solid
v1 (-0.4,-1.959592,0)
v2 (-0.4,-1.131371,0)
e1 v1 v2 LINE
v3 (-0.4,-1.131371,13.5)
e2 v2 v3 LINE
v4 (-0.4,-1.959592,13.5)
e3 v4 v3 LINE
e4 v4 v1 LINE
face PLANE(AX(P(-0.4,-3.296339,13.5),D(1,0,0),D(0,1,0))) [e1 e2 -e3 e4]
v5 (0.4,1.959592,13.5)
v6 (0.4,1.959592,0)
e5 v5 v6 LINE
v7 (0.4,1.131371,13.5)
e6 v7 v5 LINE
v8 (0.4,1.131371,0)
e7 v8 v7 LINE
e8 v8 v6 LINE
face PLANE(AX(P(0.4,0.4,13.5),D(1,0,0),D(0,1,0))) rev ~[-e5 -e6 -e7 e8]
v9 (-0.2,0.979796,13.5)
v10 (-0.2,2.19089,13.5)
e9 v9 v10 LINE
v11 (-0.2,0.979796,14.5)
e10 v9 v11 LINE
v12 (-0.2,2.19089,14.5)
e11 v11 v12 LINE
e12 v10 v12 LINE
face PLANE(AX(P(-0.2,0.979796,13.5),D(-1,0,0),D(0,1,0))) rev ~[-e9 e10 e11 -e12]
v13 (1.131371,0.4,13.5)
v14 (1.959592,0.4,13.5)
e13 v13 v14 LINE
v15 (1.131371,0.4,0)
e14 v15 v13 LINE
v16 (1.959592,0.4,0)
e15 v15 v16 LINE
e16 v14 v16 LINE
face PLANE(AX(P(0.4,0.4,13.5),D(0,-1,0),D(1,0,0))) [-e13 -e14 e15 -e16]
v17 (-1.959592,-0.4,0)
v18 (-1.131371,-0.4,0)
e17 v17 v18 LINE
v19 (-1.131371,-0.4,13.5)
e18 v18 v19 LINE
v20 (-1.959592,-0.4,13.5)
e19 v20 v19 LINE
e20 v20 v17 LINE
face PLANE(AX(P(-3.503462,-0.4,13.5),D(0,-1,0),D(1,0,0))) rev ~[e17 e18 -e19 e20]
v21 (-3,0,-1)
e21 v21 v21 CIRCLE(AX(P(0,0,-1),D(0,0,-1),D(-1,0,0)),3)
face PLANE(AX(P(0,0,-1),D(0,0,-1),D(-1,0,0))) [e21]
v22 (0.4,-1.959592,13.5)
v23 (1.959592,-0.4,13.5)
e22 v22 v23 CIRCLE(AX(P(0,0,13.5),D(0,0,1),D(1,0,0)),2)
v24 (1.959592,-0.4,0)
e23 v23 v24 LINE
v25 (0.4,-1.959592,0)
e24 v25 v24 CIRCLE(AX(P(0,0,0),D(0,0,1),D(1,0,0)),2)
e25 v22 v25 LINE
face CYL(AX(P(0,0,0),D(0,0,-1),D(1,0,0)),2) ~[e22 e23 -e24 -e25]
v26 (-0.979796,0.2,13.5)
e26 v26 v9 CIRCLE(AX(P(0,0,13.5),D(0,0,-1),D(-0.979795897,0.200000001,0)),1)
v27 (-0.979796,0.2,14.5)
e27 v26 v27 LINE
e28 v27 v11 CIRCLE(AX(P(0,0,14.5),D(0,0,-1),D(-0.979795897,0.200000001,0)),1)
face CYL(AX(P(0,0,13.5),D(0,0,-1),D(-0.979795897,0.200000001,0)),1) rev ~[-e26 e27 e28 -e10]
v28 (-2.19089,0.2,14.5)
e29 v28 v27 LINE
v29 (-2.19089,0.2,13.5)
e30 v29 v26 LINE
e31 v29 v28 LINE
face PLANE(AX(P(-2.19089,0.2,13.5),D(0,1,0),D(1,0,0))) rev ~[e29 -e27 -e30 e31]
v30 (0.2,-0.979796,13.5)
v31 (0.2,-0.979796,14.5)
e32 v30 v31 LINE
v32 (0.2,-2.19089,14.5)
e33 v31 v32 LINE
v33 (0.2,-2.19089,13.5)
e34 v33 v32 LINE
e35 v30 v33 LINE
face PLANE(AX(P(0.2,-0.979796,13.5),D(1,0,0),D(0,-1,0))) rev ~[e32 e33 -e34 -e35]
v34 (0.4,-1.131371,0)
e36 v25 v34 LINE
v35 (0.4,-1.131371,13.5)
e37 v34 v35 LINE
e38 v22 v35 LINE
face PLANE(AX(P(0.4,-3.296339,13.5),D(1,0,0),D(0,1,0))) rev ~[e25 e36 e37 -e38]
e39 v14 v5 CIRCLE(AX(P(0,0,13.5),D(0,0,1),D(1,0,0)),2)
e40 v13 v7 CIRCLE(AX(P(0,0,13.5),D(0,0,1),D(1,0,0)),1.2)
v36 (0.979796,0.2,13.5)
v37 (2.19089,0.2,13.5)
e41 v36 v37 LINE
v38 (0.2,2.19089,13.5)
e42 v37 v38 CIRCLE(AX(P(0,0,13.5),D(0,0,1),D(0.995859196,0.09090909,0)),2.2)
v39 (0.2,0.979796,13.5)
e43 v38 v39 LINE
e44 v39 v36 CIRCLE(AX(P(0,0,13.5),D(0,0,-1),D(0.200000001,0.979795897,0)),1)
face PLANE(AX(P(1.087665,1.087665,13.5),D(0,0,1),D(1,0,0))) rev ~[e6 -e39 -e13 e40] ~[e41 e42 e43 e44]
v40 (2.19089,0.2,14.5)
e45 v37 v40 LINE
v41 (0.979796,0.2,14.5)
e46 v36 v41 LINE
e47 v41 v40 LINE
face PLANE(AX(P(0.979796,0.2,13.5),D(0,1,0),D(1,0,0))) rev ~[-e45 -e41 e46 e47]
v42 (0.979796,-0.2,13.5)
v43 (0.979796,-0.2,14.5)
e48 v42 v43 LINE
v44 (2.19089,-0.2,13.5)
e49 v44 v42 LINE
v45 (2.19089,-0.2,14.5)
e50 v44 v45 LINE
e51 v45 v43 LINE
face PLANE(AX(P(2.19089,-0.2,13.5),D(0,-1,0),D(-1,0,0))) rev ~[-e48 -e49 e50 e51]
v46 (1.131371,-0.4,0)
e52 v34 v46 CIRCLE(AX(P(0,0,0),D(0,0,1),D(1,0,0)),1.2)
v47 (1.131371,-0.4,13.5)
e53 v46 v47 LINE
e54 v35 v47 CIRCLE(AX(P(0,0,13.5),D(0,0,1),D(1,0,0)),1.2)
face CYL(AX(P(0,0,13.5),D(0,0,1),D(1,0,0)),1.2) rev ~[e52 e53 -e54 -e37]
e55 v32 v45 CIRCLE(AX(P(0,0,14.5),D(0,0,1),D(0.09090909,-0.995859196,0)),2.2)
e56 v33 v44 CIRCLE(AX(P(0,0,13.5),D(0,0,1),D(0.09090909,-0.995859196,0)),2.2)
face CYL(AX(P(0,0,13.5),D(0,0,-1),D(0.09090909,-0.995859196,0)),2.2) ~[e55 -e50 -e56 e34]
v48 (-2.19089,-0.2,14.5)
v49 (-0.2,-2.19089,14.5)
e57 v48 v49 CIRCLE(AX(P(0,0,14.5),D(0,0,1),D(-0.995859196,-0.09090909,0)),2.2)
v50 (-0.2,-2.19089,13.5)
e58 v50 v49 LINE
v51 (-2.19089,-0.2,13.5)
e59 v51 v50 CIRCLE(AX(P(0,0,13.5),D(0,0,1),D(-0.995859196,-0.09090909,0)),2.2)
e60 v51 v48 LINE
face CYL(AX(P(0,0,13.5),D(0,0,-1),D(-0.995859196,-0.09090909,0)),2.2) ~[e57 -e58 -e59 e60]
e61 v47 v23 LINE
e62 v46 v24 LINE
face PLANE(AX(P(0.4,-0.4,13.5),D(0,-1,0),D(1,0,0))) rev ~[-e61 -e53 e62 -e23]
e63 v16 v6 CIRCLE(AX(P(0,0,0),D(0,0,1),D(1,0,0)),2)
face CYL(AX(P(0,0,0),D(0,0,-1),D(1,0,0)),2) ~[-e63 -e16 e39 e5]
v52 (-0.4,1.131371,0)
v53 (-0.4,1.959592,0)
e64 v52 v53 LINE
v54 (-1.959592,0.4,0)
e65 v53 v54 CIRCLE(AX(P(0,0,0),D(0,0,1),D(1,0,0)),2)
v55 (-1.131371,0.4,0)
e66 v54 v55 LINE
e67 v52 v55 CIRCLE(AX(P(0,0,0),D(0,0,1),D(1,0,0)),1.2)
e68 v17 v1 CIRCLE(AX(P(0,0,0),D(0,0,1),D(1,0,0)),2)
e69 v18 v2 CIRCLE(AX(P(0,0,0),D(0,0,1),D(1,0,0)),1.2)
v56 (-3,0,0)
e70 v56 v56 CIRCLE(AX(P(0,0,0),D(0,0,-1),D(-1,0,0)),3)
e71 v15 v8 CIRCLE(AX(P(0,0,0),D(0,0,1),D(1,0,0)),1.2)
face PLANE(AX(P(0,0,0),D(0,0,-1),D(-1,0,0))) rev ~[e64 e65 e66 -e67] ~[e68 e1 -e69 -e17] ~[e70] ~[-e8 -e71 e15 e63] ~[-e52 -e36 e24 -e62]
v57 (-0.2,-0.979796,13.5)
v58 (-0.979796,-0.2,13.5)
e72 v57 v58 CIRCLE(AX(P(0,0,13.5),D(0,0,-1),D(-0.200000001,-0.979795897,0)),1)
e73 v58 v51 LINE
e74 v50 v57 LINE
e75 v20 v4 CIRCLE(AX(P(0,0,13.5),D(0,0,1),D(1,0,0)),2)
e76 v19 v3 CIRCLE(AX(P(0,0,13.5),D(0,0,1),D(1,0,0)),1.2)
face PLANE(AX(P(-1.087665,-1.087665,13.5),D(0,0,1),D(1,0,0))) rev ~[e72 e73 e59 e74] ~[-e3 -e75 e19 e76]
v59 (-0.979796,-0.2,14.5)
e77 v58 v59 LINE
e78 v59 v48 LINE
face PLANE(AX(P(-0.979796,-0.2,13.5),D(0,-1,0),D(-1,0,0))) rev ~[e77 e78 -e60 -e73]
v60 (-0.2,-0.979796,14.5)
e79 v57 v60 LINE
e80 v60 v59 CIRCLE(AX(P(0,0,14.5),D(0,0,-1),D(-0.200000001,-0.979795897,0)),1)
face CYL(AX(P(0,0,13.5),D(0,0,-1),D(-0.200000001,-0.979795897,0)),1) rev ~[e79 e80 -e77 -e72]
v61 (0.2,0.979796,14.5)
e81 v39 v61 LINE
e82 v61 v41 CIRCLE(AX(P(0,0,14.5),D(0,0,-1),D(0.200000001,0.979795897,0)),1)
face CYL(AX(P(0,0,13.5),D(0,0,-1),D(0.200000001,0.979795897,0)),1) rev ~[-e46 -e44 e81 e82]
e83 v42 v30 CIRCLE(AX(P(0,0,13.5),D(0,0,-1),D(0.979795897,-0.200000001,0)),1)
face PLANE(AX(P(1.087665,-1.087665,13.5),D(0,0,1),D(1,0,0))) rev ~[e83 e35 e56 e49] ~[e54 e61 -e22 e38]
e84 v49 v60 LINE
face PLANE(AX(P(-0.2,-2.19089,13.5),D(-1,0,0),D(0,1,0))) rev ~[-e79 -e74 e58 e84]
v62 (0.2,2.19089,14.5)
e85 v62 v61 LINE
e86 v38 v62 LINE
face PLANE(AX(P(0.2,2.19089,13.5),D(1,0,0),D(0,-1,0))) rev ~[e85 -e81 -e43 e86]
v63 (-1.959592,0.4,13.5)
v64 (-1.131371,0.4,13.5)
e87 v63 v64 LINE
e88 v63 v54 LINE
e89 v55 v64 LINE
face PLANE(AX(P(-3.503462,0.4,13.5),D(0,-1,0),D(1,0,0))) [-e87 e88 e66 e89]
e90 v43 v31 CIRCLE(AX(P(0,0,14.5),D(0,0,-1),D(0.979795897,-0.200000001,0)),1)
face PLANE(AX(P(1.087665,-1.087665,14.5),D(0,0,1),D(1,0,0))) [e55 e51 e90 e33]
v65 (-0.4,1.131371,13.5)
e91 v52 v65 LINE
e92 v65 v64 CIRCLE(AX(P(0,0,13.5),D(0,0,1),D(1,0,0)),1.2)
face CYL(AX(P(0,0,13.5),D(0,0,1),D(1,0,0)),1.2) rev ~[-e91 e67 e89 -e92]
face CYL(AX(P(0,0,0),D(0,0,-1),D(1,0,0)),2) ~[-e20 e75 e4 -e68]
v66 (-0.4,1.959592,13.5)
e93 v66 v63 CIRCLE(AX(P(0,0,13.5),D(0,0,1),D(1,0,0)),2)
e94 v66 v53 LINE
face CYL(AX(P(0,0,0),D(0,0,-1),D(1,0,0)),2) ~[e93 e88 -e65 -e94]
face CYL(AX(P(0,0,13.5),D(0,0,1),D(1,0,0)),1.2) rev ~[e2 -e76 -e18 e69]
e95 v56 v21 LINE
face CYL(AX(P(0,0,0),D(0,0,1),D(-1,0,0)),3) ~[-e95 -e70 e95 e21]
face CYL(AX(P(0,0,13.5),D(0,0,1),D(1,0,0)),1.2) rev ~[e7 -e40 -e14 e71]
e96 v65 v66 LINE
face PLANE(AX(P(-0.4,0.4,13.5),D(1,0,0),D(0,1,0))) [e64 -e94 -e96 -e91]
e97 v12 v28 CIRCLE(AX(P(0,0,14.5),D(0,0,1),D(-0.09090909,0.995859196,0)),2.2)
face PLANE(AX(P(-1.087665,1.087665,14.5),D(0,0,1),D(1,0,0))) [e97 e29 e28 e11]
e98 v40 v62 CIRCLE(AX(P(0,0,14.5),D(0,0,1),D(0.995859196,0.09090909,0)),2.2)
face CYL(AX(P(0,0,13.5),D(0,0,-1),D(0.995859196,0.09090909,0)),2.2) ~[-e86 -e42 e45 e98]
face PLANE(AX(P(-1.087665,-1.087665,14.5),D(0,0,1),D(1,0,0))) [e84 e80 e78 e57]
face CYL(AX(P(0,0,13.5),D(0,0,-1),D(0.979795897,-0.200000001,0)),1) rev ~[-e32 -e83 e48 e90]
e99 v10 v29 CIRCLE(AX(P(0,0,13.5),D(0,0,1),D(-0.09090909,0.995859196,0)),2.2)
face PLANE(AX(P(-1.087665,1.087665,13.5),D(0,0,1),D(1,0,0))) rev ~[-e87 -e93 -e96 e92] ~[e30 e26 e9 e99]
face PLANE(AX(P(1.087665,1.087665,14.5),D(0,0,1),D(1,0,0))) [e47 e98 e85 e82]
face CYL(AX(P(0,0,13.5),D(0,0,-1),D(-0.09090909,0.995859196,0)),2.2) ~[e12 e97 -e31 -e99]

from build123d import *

# Parameters (mm, degrees)
SKETCH1_R           = 2
BOSS_EXTRUDE1_DEPTH = 13.5
SKETCH2_R           = 1.2
CUT_EXTRUDE1_DEPTH  = 14.793114224
SKETCH3_W           = 0.8
SKETCH3_H           = 6.59267807
SKETCH3_W_2         = 7.006923124
SKETCH3_H_2         = 0.8
CUT_EXTRUDE3_DEPTH  = 14.793114224
BOSS_EXTRUDE2_DEPTH = 1
SKETCH5_R           = 3
BOSS_EXTRUDE3_DEPTH = 1


with BuildPart() as part:
    # Sketch1 → Boss-Extrude1 (new body)
    with BuildSketch(Plane.XY):
        Circle(SKETCH1_R)
    extrude(amount=BOSS_EXTRUDE1_DEPTH)

    # Sketch2 → Cut-Extrude1 (cut, through all)
    with BuildSketch(Plane.XY.offset(13.5)):
        Circle(SKETCH2_R)
    extrude(amount=-CUT_EXTRUDE1_DEPTH, mode=Mode.SUBTRACT)

    # Sketch3 → Cut-Extrude3 (cut, through all)
    with BuildSketch(Plane.XY.offset(13.5)):
        Rectangle(SKETCH3_W, SKETCH3_H)
        Rectangle(SKETCH3_W_2, SKETCH3_H_2)
    extrude(amount=-CUT_EXTRUDE3_DEPTH, mode=Mode.SUBTRACT)


with BuildPart() as cut_extrude3_piece_1:
    # of the separate pieces the step leaves, piece 1, a body of its own (cut_extrude3_pieces)
    add(part.part.solids().sort_by_distance((1.959591794, 0.4, 0))[0])



with BuildPart() as cut_extrude3_piece_2:
    # of the separate pieces the step leaves, piece 2, a body of its own (cut_extrude3_pieces)
    add(part.part.solids().sort_by_distance((0.4, -1.959591794, 0))[0])


with BuildPart() as cut_extrude3_piece_3:
    # of the separate pieces the step leaves, piece 3, a body of its own (cut_extrude3_pieces)
    add(part.part.solids().sort_by_distance((-1.959591794, -0.4, 0))[0])


with BuildPart() as cut_extrude3_piece_4:
    # of the separate pieces the step leaves, piece 4, a body of its own (cut_extrude3_pieces)
    add(part.part.solids().sort_by_distance((-0.4, 1.959591794, 0))[0])


with BuildPart() as cut_extrude3_piece_1_1:
    add(cut_extrude3_piece_1.part)

    add(cut_extrude3_piece_2.part)  # Boss-Extrude2 merges Cut-Extrude3 piece 2

    add(cut_extrude3_piece_3.part)  # Boss-Extrude2 merges Cut-Extrude3 piece 3

    add(cut_extrude3_piece_4.part)  # Boss-Extrude2 merges Cut-Extrude3 piece 4
    # Sketch4 → Boss-Extrude2 (add)
    with BuildSketch(Plane.XY.offset(13.5)):
        with BuildLine():
            Line((-2.19089023, 0.2), (-0.979795897, 0.2))
            ThreePointArc((-0.979795897, 0.2), (-0.707106781, 0.707106781), (-0.2, 0.979795897))
            Line((-0.2, 0.979795897), (-0.2, 2.19089023))
            ThreePointArc((-0.2, 2.19089023), (-1.555634919, 1.555634919), (-2.19089023, 0.2))
        make_face()
        with BuildLine():
            Line((0.979795897, 0.2), (2.19089023, 0.2))
            ThreePointArc((2.19089023, 0.2), (1.555634919, 1.555634919), (0.2, 2.19089023))
            Line((0.2, 2.19089023), (0.2, 0.979795897))
            ThreePointArc((0.2, 0.979795897), (0.707106781, 0.707106781), (0.979795897, 0.2))
        make_face()
        with BuildLine():
            Line((0.2, -0.979795897), (0.2, -2.19089023))
            ThreePointArc((0.2, -2.19089023), (1.555634919, -1.555634919), (2.19089023, -0.2))
            Line((2.19089023, -0.2), (0.979795897, -0.2))
            ThreePointArc((0.979795897, -0.2), (0.707106781, -0.707106781), (0.2, -0.979795897))
        make_face()
        with BuildLine():
            Line((-0.979795897, -0.2), (-2.19089023, -0.2))
            ThreePointArc((-2.19089023, -0.2), (-1.555634919, -1.555634919), (-0.2, -2.19089023))
            Line((-0.2, -2.19089023), (-0.2, -0.979795897))
            ThreePointArc((-0.2, -0.979795897), (-0.707106781, -0.707106781), (-0.979795897, -0.2))
        make_face()
    extrude(amount=BOSS_EXTRUDE2_DEPTH)

    # Sketch5 → Boss-Extrude3 (add)
    with BuildSketch(Plane(origin=(0, 0, 0), x_dir=(-1, 0, 0), z_dir=(0, 0, -1))):
        Circle(SKETCH5_R)
    extrude(amount=BOSS_EXTRUDE3_DEPTH)


solid = cut_extrude3_piece_1_1.part
